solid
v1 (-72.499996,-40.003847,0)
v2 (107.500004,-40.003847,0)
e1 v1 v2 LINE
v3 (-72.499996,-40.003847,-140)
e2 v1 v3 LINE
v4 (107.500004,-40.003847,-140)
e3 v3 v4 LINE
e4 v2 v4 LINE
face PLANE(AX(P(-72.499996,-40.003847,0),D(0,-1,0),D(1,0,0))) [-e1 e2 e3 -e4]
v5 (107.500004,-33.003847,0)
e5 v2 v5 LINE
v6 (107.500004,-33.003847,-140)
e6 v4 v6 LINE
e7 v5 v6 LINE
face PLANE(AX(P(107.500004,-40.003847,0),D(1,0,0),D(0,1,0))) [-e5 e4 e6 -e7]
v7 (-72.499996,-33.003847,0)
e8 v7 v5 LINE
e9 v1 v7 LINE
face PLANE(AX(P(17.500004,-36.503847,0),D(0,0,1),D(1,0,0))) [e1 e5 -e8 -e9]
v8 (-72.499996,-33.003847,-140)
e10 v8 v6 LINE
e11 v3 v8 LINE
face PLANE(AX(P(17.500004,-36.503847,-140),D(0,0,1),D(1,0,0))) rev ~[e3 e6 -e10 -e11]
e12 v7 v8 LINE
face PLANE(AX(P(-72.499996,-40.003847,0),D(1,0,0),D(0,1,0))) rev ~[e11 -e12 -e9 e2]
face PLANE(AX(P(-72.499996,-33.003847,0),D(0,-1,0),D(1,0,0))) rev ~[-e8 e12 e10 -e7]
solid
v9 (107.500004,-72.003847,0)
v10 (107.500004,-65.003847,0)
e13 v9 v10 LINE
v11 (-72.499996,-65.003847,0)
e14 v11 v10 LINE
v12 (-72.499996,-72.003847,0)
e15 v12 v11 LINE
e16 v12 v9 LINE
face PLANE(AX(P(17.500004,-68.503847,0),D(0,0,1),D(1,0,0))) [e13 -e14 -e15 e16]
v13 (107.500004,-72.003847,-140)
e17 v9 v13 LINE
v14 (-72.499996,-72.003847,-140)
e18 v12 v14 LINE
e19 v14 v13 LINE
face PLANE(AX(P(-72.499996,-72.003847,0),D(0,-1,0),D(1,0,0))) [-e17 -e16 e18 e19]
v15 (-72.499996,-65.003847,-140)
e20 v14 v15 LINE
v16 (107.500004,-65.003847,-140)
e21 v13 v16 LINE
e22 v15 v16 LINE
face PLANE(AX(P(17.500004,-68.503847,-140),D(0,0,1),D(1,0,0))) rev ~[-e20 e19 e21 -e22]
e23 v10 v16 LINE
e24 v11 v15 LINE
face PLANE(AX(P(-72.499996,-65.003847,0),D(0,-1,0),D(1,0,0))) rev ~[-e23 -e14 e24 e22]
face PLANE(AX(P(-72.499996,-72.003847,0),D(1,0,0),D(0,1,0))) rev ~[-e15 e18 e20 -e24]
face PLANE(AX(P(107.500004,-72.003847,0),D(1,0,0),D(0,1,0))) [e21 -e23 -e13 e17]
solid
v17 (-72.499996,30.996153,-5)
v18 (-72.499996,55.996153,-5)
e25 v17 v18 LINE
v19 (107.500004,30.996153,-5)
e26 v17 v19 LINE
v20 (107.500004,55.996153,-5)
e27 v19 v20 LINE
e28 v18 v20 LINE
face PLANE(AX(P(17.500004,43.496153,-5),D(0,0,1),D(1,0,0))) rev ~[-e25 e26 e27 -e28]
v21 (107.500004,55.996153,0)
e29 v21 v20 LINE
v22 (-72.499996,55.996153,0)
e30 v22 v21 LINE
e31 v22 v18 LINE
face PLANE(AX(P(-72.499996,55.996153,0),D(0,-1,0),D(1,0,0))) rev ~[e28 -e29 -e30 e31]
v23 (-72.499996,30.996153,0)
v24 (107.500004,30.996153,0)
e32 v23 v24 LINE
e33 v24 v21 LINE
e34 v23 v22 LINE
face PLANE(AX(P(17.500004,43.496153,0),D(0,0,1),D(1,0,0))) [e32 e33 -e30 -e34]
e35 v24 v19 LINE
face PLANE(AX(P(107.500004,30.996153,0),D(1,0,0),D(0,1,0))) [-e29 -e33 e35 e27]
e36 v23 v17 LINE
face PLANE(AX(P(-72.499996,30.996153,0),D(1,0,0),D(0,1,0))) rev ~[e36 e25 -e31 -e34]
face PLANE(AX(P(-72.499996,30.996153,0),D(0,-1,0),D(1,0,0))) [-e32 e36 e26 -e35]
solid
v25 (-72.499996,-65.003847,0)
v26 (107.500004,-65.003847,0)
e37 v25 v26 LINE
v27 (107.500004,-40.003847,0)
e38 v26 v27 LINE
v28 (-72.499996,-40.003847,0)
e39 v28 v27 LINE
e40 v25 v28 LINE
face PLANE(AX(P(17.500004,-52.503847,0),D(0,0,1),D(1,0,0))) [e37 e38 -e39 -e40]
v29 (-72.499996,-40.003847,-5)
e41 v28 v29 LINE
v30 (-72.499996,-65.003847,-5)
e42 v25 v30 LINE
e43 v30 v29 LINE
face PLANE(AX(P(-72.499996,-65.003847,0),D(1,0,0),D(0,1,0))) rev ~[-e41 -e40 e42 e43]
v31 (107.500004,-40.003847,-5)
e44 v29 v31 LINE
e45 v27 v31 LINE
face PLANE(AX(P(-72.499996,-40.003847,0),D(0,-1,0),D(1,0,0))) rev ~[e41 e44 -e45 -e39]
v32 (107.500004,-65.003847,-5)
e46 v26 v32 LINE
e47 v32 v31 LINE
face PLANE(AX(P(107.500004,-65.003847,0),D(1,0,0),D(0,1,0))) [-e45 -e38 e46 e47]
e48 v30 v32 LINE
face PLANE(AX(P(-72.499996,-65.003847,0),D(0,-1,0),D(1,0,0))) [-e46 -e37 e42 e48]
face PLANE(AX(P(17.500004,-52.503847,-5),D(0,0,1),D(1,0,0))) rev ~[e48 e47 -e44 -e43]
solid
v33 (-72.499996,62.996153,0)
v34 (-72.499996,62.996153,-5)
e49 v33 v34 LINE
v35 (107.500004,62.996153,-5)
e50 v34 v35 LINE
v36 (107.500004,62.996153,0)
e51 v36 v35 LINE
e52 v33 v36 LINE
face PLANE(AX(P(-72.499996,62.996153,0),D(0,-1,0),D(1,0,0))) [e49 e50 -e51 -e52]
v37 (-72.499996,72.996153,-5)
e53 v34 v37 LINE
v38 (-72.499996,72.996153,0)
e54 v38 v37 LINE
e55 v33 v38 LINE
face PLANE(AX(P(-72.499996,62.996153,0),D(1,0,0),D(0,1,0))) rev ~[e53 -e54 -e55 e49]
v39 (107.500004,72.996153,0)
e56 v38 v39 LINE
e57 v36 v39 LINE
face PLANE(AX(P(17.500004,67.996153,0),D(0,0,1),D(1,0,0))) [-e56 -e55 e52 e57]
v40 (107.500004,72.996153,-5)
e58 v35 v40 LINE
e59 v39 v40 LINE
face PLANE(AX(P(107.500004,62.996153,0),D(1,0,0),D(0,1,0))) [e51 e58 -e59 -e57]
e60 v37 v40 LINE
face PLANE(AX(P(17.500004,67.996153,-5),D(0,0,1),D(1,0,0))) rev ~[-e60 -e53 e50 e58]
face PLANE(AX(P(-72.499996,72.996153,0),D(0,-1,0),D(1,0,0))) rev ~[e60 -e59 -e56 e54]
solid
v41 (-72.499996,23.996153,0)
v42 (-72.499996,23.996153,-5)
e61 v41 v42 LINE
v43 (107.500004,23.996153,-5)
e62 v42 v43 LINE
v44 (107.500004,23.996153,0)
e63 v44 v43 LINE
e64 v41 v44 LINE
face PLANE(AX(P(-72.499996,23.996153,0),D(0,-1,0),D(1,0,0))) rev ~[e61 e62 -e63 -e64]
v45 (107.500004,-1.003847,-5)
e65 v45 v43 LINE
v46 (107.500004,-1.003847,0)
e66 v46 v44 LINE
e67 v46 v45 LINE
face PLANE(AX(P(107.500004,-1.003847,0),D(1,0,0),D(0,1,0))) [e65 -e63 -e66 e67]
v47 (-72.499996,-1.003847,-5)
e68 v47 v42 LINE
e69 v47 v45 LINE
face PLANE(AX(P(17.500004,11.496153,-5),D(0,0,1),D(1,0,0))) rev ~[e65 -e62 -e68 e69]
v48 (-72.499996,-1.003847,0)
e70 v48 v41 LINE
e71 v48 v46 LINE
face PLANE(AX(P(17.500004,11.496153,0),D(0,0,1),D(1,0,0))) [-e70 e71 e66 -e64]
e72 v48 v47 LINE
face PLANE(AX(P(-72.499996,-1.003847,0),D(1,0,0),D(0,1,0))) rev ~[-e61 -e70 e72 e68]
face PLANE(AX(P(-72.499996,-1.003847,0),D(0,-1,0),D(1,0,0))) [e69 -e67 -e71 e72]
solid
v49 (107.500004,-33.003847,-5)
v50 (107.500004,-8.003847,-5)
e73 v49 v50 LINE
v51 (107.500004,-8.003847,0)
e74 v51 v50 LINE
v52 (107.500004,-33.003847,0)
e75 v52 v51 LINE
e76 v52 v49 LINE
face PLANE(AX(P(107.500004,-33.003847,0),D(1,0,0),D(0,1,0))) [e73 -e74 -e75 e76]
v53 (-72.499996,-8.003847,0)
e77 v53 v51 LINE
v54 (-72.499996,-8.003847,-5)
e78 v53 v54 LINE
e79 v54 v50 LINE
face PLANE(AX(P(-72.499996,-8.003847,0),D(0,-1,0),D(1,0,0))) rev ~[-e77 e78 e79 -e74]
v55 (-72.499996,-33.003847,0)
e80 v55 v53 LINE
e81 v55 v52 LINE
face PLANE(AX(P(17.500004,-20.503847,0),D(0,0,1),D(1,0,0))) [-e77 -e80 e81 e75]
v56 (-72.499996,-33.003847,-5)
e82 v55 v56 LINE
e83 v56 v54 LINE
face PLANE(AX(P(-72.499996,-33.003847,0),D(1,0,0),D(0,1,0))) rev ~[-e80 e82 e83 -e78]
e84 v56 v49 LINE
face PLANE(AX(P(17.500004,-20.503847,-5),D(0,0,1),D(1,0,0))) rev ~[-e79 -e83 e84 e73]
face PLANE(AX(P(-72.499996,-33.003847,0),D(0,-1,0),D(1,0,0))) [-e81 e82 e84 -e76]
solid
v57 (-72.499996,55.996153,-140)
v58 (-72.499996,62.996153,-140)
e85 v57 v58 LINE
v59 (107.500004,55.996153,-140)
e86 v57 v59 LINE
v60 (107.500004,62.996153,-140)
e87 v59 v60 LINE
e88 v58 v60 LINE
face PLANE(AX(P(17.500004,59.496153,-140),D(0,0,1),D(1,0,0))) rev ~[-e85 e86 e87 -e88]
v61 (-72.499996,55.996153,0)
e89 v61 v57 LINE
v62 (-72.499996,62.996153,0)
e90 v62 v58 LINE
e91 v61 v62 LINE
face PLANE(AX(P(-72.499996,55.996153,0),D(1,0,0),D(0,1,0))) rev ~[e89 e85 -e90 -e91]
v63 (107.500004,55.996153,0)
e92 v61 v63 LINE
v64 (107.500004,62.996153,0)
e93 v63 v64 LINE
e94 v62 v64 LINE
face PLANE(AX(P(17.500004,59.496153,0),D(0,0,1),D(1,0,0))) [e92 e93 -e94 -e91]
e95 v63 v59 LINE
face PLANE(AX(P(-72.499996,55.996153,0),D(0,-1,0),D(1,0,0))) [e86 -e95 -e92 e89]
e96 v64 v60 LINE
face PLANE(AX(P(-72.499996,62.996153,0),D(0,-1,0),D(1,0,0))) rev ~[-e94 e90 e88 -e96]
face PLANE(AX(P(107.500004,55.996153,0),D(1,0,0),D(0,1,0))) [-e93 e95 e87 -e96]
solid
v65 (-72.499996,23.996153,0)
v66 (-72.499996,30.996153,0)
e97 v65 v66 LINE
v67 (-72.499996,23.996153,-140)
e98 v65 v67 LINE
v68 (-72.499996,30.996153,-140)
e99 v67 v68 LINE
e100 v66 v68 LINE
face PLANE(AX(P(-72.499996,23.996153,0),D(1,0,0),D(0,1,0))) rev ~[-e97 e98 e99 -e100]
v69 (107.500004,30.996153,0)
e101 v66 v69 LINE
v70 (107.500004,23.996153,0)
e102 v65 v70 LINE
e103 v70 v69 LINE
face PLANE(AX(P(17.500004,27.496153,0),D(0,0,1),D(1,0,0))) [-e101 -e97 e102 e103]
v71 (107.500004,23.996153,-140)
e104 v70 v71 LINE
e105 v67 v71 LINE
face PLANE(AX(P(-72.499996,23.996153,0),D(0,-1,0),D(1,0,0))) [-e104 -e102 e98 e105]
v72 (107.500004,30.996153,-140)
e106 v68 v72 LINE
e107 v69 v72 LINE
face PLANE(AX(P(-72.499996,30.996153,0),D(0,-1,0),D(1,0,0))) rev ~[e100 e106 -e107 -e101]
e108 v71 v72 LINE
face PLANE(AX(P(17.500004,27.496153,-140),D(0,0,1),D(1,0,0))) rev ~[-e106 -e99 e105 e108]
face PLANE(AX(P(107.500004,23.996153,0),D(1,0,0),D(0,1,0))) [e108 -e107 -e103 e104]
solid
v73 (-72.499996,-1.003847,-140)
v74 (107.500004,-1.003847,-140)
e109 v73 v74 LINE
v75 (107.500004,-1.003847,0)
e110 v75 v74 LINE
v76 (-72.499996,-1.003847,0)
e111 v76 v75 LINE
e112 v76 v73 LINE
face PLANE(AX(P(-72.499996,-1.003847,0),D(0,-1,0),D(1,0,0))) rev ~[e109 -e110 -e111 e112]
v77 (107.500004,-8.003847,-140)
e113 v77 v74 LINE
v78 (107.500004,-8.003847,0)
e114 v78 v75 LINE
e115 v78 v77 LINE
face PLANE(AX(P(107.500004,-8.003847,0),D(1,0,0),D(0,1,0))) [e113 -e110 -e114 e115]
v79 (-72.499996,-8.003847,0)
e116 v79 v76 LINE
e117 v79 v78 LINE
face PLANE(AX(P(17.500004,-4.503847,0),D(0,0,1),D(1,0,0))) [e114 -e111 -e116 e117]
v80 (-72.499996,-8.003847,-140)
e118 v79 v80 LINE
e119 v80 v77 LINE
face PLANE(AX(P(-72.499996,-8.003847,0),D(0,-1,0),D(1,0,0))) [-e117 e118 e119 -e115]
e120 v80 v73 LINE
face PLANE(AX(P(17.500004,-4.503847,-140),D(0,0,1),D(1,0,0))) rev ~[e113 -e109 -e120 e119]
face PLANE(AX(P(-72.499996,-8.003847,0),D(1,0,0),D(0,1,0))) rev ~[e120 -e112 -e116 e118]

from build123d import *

# Parameters (mm, degrees)
F0_W     = 180
F0_H     = 25
F0_H_2   = 10
F1_DEPTH = 5
F0_H_3   = 7
F2_DEPTH = 140


with BuildPart() as f1:
    # F0 (on Top) → F1 (new body)
    with BuildSketch(Plane.XY):
        with Locations((17.500004, 43.496153)):
            Rectangle(F0_W, F0_H)
        with Locations((17.500004, 67.996153)):
            Rectangle(F0_W, F0_H_2)
        with Locations((17.500004, 11.496153)):
            Rectangle(F0_W, F0_H)
        with Locations((17.500004, -20.503847)):
            Rectangle(F0_W, F0_H)
        with Locations((17.500004, -52.503847)):
            Rectangle(F0_W, F0_H)
    extrude(amount=-F1_DEPTH)


with BuildPart() as f2:
    # F0 (on Top) → F2 (new body)
    with BuildSketch(Plane.XY):
        with Locations((17.500004, -36.503847)):
            Rectangle(F0_W, F0_H_3)
        with Locations((17.500004, -4.503847)):
            Rectangle(F0_W, F0_H_3)
        with Locations((17.500004, 27.496153)):
            Rectangle(F0_W, F0_H_3)
        with Locations((17.500004, 59.496153)):
            Rectangle(F0_W, F0_H_3)
        with Locations((17.500004, -68.503847)):
            Rectangle(F0_W, F0_H_3)
    extrude(amount=-F2_DEPTH)


solid = Compound([f1.part, f2.part])
